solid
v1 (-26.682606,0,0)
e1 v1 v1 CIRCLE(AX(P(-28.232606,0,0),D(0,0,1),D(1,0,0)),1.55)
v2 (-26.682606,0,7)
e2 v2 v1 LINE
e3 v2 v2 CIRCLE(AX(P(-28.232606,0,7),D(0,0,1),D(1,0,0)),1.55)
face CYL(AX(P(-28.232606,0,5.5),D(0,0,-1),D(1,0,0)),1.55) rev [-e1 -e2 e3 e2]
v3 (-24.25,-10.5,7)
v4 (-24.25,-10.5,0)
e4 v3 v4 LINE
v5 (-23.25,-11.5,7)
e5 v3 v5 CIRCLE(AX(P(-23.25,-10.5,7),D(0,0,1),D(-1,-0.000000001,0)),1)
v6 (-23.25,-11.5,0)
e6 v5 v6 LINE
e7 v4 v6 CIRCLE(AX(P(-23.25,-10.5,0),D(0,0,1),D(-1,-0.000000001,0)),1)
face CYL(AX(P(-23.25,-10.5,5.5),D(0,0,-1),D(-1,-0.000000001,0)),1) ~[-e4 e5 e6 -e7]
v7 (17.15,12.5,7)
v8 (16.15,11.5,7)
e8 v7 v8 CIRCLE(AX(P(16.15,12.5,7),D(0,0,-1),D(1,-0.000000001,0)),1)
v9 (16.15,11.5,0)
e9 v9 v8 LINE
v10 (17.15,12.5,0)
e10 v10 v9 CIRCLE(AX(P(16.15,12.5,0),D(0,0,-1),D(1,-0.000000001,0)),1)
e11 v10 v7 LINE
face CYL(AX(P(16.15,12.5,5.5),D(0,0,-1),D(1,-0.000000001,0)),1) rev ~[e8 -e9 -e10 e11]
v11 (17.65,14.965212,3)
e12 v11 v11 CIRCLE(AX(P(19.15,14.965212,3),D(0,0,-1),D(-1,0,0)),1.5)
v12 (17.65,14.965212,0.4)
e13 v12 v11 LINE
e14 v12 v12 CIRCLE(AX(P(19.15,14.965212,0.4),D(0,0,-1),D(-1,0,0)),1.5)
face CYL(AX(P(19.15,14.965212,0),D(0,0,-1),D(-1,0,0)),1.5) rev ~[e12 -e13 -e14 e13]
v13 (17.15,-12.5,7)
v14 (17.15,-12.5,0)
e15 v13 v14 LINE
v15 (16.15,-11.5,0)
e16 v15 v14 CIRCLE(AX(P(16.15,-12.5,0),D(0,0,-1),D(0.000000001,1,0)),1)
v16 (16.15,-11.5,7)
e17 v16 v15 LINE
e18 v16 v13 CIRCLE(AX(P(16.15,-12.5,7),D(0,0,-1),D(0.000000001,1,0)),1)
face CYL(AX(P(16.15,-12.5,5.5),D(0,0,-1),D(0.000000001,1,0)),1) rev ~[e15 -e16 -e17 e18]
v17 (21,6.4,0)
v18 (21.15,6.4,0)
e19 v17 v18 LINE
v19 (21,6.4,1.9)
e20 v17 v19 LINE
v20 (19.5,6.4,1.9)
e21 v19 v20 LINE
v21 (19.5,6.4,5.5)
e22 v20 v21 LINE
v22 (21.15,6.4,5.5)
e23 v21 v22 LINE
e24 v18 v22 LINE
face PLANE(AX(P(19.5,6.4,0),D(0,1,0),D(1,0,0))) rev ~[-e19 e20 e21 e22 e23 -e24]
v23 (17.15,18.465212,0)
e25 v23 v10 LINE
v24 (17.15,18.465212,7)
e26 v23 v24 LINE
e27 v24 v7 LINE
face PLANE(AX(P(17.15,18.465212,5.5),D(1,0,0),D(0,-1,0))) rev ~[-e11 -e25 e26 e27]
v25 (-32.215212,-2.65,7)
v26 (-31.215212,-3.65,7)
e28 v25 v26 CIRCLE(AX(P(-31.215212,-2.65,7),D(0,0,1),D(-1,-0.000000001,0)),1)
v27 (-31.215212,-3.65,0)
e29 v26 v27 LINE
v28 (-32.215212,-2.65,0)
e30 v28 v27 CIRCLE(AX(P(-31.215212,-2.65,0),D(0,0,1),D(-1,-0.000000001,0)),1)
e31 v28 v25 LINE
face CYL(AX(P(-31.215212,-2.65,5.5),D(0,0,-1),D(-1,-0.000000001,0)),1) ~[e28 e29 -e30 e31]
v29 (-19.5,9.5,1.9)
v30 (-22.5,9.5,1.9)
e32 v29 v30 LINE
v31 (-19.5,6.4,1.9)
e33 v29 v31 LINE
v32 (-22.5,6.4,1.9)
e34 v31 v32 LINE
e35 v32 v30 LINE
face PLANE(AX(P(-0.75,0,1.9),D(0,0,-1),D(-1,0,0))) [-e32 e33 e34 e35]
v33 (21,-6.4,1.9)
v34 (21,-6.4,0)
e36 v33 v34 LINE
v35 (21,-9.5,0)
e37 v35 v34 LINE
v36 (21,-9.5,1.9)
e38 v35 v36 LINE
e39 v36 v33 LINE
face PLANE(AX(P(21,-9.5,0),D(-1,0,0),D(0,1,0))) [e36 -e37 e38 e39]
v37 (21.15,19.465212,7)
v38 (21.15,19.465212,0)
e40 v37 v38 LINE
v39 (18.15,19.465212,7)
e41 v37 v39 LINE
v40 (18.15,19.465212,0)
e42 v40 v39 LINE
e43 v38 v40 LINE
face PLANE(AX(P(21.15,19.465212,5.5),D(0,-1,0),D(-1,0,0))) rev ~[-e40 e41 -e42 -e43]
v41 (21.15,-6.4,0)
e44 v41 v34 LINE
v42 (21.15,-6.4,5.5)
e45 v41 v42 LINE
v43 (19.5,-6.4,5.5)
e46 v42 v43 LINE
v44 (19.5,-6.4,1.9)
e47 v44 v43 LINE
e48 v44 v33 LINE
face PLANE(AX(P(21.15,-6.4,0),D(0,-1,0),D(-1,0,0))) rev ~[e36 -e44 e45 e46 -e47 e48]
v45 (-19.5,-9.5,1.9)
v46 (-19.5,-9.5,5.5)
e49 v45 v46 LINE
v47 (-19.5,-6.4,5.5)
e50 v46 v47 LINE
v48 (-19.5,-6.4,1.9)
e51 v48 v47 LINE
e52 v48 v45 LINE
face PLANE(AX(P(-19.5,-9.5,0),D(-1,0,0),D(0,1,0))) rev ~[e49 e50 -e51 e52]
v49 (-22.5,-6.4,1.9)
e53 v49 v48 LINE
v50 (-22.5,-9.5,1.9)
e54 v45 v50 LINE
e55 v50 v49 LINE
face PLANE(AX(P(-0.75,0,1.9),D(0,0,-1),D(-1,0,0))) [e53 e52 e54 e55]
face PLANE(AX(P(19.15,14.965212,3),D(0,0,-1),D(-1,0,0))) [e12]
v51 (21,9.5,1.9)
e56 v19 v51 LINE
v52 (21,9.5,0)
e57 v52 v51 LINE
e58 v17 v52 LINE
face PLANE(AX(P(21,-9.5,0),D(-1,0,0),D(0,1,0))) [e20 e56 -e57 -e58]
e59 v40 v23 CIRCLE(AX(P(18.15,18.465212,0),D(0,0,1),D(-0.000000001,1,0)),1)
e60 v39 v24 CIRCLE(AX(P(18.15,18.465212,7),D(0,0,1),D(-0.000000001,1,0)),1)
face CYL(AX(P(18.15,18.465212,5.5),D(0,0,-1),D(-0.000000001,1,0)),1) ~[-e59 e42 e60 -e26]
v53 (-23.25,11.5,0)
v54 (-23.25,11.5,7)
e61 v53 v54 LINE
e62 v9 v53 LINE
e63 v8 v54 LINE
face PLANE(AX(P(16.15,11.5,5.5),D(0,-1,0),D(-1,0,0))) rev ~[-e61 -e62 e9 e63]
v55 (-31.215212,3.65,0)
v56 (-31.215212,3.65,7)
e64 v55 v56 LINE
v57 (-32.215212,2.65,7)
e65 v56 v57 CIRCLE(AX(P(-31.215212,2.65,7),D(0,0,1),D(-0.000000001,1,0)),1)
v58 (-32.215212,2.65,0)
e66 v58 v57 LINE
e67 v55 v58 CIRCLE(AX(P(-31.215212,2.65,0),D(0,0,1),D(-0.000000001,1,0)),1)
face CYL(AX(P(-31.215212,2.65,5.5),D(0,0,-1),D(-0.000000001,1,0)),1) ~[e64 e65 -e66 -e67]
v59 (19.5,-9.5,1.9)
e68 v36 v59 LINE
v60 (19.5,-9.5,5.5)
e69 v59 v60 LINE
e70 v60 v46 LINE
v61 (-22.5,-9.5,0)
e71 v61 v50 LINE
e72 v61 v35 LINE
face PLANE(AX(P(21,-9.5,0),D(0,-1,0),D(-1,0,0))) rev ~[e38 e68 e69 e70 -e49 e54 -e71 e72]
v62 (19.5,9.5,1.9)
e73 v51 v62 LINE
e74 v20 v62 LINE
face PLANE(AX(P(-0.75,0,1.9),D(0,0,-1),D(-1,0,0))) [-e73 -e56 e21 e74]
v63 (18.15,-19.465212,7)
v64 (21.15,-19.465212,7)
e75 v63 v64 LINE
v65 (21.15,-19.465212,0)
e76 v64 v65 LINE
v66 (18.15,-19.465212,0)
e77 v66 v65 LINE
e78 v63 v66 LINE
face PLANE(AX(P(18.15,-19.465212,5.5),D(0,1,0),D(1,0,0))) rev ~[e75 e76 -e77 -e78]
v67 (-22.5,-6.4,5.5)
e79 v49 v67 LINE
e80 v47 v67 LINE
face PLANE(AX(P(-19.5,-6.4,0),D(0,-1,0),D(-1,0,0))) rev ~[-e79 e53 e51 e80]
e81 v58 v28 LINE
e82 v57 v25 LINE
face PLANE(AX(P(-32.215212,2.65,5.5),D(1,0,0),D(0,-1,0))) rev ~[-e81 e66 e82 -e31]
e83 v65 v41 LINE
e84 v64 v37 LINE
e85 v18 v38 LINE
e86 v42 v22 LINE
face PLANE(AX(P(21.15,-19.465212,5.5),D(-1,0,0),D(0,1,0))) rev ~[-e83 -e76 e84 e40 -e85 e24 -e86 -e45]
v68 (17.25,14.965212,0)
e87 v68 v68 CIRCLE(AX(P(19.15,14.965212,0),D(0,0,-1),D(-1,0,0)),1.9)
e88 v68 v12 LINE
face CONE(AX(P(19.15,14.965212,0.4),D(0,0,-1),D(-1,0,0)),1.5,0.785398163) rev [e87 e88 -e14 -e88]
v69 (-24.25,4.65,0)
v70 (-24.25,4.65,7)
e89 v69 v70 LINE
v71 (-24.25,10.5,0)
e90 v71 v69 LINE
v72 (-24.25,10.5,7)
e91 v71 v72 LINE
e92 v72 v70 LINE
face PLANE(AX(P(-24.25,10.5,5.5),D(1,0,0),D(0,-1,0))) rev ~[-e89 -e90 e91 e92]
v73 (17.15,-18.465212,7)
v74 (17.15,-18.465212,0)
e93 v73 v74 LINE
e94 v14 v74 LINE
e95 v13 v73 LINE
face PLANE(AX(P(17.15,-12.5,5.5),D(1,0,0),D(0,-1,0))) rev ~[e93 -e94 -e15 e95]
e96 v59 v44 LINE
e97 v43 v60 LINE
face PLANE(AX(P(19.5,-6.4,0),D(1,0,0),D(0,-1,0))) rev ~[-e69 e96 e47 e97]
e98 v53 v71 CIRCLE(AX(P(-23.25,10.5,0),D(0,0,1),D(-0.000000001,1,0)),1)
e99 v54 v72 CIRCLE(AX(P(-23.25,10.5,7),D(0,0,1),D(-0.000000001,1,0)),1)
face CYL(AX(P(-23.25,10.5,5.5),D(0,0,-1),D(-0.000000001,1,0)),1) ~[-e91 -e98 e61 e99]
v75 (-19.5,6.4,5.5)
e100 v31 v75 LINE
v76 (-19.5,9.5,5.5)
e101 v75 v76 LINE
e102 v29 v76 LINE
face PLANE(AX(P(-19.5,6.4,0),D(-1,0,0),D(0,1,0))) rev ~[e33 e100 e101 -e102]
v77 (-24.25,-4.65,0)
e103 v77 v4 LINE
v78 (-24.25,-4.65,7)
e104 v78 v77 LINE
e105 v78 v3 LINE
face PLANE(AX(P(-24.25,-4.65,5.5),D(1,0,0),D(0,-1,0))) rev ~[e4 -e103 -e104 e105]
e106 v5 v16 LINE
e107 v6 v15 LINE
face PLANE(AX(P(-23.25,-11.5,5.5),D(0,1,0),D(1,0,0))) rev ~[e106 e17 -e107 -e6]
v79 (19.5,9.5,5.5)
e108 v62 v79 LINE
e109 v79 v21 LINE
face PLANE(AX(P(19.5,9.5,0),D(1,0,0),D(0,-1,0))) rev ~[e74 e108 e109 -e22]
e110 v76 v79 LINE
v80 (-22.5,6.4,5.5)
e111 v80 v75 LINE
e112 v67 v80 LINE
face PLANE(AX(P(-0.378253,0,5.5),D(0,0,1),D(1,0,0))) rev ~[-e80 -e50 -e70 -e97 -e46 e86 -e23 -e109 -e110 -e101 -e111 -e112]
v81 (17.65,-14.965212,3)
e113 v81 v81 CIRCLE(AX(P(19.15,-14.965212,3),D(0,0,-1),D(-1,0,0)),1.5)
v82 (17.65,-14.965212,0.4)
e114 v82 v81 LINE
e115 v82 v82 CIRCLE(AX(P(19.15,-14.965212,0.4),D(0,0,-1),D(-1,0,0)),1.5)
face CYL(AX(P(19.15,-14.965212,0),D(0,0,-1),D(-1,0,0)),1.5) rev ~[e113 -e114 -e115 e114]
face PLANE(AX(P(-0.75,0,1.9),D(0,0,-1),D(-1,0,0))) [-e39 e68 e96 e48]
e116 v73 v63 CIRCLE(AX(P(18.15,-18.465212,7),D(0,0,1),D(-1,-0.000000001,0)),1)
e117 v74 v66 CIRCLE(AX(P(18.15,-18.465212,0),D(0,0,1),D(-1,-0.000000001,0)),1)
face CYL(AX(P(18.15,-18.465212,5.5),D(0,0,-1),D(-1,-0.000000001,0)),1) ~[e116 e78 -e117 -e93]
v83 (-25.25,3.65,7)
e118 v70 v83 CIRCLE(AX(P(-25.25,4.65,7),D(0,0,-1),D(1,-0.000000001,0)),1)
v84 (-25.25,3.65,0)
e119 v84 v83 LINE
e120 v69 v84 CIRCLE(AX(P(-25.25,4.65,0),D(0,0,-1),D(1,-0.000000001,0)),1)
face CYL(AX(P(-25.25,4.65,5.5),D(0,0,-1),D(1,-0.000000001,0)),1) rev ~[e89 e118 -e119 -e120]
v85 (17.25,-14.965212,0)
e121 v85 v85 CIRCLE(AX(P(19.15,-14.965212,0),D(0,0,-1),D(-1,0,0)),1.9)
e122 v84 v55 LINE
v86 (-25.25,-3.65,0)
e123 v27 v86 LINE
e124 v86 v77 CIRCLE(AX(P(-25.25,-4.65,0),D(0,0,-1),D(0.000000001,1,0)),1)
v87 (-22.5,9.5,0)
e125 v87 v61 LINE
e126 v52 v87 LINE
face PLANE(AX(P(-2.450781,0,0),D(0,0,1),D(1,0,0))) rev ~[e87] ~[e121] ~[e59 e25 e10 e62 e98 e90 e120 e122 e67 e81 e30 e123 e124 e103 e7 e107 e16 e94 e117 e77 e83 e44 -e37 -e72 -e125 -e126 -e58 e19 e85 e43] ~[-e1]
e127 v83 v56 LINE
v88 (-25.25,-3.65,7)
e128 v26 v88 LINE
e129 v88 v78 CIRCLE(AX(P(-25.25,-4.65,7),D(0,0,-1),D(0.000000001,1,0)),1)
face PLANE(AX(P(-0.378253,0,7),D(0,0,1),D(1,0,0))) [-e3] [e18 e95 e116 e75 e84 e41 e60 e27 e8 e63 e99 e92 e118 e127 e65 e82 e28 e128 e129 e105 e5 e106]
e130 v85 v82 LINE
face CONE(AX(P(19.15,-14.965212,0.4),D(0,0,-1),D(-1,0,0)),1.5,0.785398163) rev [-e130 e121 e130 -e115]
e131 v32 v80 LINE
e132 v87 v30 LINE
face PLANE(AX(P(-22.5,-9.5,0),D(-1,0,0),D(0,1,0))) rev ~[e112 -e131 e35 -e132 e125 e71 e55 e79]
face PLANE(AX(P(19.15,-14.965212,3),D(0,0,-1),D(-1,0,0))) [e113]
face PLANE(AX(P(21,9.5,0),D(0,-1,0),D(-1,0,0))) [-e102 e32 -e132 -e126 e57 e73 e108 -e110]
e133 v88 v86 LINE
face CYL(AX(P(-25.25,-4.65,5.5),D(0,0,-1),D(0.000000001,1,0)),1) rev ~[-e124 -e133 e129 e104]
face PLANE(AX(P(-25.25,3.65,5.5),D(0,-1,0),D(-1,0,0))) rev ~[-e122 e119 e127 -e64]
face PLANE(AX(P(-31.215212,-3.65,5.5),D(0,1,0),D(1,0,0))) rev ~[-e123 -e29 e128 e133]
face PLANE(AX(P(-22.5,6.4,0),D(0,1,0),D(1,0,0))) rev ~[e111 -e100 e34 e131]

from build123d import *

# Parameters (mm, degrees)
CROQUIS1_R              = 1.55
SALIENTE_EXTRUIR1_DEPTH = 5.5
CROQUIS2_R              = 1.55
SALIENTE_EXTRUIR2_DEPTH = 1.5
CROQUIS3_W              = 43.5
CROQUIS3_H              = 19
CORTAR_EXTRUIR1_DEPTH   = 1.9
CROQUIS4_R              = 1.5
CORTAR_EXTRUIR2_DEPTH   = 3
CHAFL_N1_SIZE           = 0.4


with BuildPart() as part:
    # Croquis1 → Saliente-Extruir1 (new body)
    with BuildSketch(Plane.XY):
        with BuildLine():
            Line((16.15, 11.5), (-23.25, 11.5))
            ThreePointArc((-23.25, 11.5), (-23.957106781, 11.207106781), (-24.25, 10.5))
            Line((-24.25, 10.5), (-24.25, 4.65))
            ThreePointArc((-24.25, 4.65), (-24.542893219, 3.942893219), (-25.25, 3.65))
            Line((-25.25, 3.65), (-31.215212315, 3.65))
            ThreePointArc((-31.215212315, 3.65), (-31.922319096, 3.357106781), (-32.215212315, 2.65))
            Line((-32.215212315, 2.65), (-32.215212315, -2.65))
            ThreePointArc((-32.215212315, -2.65), (-31.922319096, -3.357106781), (-31.215212315, -3.65))
            Line((-31.215212315, -3.65), (-25.25, -3.65))
            ThreePointArc((-25.25, -3.65), (-24.542893219, -3.942893219), (-24.25, -4.65))
            Line((-24.25, -4.65), (-24.25, -10.5))
            ThreePointArc((-24.25, -10.5), (-23.957106781, -11.207106781), (-23.25, -11.5))
            Line((-23.25, -11.5), (16.15, -11.5))
            ThreePointArc((16.15, -11.5), (16.857106781, -11.792893219), (17.15, -12.5))
            Line((17.15, -12.5), (17.15, -18.465212315))
            ThreePointArc((17.15, -18.465212315), (17.442893219, -19.172319096), (18.15, -19.465212315))
            Line((18.15, -19.465212315), (21.15, -19.465212315))
            Line((21.15, -19.465212315), (21.15, -6.4))
            Line((21.15, -6.4), (19.5, -6.4))
            Line((19.5, -6.4), (19.5, -9.5))
            Line((19.5, -9.5), (-19.5, -9.5))
            Line((-19.5, -9.5), (-19.5, -6.4))
            Line((-19.5, -6.4), (-22.5, -6.4))
            Line((-22.5, -6.4), (-22.5, 6.4))
            Line((-22.5, 6.4), (-19.5, 6.4))
            Line((-19.5, 6.4), (-19.5, 9.5))
            Line((-19.5, 9.5), (19.5, 9.5))
            Line((19.5, 9.5), (19.5, 6.4))
            Line((19.5, 6.4), (21.15, 6.4))
            Line((21.15, 6.4), (21.15, 19.465212315))
            Line((21.15, 19.465212315), (18.15, 19.465212315))
            ThreePointArc((18.15, 19.465212315), (17.442893219, 19.172319096), (17.15, 18.465212315))
            Line((17.15, 18.465212315), (17.15, 12.5))
            ThreePointArc((17.15, 12.5), (16.857106781, 11.792893219), (16.15, 11.5))
        make_face()
        with Locations((-28.232606158, 0)):
            Circle(CROQUIS1_R, mode=Mode.SUBTRACT)
    extrude(amount=SALIENTE_EXTRUIR1_DEPTH)

    # Croquis2 → Saliente-Extruir2 (add)
    with BuildSketch(Plane.XY.offset(5.5)):
        with BuildLine():
            Line((21.15, -6.4), (21.15, 6.4))
            Line((21.15, 6.4), (21.15, 19.465212315))
            Line((21.15, 19.465212315), (18.15, 19.465212315))
            ThreePointArc((18.15, 19.465212315), (17.442893219, 19.172319096), (17.15, 18.465212315))
            Line((17.15, 18.465212315), (17.15, 12.5))
            ThreePointArc((17.15, 12.5), (16.857106781, 11.792893219), (16.15, 11.5))
            Line((16.15, 11.5), (-23.25, 11.5))
            ThreePointArc((-23.25, 11.5), (-23.957106781, 11.207106781), (-24.25, 10.5))
            Line((-24.25, 10.5), (-24.25, 4.65))
            ThreePointArc((-24.25, 4.65), (-24.542893219, 3.942893219), (-25.25, 3.65))
            Line((-25.25, 3.65), (-31.215212315, 3.65))
            ThreePointArc((-31.215212315, 3.65), (-31.922319096, 3.357106781), (-32.215212315, 2.65))
            Line((-32.215212315, 2.65), (-32.215212315, -2.65))
            ThreePointArc((-32.215212315, -2.65), (-31.922319096, -3.357106781), (-31.215212315, -3.65))
            Line((-31.215212315, -3.65), (-25.25, -3.65))
            ThreePointArc((-25.25, -3.65), (-24.542893219, -3.942893219), (-24.25, -4.65))
            Line((-24.25, -4.65), (-24.25, -10.5))
            ThreePointArc((-24.25, -10.5), (-23.957106781, -11.207106781), (-23.25, -11.5))
            Line((-23.25, -11.5), (16.15, -11.5))
            ThreePointArc((16.15, -11.5), (16.857106781, -11.792893219), (17.15, -12.5))
            Line((17.15, -12.5), (17.15, -18.465212315))
            ThreePointArc((17.15, -18.465212315), (17.442893219, -19.172319096), (18.15, -19.465212315))
            Line((18.15, -19.465212315), (21.15, -19.465212315))
            Line((21.15, -19.465212315), (21.15, -6.4))
        make_face()
        with Locations((-28.232606158, 0)):
            Circle(CROQUIS2_R, mode=Mode.SUBTRACT)
    extrude(amount=SALIENTE_EXTRUIR2_DEPTH)

    # Croquis3 → Cortar-Extruir1 (cut)
    with BuildSketch(Plane(origin=(0, 0, 0), x_dir=(-1, 0, 0), z_dir=(0, 0, -1))):
        with Locations((0.75, 0)):
            Rectangle(CROQUIS3_W, CROQUIS3_H)
    extrude(amount=-CORTAR_EXTRUIR1_DEPTH, mode=Mode.SUBTRACT)

    # Croquis4 → Cortar-Extruir2 (cut)
    with BuildSketch(Plane(origin=(0, 0, 0), x_dir=(-1, 0, 0), z_dir=(0, 0, -1))):
        with Locations((-19.15, -14.965212315)):
            Circle(CROQUIS4_R)
        with Locations((-19.15, 14.965212315)):
            Circle(CROQUIS4_R)
    extrude(amount=-CORTAR_EXTRUIR2_DEPTH, mode=Mode.SUBTRACT)

    # Chaflán1
    chafl_n1_edges = [part.edges().sort_by_distance(p)[0] for p in [
        (20.65, -14.965212315, 0),
        (20.65, 14.965212315, 0),
    ]]
    chamfer(chafl_n1_edges, length=CHAFL_N1_SIZE)


solid = part.part
